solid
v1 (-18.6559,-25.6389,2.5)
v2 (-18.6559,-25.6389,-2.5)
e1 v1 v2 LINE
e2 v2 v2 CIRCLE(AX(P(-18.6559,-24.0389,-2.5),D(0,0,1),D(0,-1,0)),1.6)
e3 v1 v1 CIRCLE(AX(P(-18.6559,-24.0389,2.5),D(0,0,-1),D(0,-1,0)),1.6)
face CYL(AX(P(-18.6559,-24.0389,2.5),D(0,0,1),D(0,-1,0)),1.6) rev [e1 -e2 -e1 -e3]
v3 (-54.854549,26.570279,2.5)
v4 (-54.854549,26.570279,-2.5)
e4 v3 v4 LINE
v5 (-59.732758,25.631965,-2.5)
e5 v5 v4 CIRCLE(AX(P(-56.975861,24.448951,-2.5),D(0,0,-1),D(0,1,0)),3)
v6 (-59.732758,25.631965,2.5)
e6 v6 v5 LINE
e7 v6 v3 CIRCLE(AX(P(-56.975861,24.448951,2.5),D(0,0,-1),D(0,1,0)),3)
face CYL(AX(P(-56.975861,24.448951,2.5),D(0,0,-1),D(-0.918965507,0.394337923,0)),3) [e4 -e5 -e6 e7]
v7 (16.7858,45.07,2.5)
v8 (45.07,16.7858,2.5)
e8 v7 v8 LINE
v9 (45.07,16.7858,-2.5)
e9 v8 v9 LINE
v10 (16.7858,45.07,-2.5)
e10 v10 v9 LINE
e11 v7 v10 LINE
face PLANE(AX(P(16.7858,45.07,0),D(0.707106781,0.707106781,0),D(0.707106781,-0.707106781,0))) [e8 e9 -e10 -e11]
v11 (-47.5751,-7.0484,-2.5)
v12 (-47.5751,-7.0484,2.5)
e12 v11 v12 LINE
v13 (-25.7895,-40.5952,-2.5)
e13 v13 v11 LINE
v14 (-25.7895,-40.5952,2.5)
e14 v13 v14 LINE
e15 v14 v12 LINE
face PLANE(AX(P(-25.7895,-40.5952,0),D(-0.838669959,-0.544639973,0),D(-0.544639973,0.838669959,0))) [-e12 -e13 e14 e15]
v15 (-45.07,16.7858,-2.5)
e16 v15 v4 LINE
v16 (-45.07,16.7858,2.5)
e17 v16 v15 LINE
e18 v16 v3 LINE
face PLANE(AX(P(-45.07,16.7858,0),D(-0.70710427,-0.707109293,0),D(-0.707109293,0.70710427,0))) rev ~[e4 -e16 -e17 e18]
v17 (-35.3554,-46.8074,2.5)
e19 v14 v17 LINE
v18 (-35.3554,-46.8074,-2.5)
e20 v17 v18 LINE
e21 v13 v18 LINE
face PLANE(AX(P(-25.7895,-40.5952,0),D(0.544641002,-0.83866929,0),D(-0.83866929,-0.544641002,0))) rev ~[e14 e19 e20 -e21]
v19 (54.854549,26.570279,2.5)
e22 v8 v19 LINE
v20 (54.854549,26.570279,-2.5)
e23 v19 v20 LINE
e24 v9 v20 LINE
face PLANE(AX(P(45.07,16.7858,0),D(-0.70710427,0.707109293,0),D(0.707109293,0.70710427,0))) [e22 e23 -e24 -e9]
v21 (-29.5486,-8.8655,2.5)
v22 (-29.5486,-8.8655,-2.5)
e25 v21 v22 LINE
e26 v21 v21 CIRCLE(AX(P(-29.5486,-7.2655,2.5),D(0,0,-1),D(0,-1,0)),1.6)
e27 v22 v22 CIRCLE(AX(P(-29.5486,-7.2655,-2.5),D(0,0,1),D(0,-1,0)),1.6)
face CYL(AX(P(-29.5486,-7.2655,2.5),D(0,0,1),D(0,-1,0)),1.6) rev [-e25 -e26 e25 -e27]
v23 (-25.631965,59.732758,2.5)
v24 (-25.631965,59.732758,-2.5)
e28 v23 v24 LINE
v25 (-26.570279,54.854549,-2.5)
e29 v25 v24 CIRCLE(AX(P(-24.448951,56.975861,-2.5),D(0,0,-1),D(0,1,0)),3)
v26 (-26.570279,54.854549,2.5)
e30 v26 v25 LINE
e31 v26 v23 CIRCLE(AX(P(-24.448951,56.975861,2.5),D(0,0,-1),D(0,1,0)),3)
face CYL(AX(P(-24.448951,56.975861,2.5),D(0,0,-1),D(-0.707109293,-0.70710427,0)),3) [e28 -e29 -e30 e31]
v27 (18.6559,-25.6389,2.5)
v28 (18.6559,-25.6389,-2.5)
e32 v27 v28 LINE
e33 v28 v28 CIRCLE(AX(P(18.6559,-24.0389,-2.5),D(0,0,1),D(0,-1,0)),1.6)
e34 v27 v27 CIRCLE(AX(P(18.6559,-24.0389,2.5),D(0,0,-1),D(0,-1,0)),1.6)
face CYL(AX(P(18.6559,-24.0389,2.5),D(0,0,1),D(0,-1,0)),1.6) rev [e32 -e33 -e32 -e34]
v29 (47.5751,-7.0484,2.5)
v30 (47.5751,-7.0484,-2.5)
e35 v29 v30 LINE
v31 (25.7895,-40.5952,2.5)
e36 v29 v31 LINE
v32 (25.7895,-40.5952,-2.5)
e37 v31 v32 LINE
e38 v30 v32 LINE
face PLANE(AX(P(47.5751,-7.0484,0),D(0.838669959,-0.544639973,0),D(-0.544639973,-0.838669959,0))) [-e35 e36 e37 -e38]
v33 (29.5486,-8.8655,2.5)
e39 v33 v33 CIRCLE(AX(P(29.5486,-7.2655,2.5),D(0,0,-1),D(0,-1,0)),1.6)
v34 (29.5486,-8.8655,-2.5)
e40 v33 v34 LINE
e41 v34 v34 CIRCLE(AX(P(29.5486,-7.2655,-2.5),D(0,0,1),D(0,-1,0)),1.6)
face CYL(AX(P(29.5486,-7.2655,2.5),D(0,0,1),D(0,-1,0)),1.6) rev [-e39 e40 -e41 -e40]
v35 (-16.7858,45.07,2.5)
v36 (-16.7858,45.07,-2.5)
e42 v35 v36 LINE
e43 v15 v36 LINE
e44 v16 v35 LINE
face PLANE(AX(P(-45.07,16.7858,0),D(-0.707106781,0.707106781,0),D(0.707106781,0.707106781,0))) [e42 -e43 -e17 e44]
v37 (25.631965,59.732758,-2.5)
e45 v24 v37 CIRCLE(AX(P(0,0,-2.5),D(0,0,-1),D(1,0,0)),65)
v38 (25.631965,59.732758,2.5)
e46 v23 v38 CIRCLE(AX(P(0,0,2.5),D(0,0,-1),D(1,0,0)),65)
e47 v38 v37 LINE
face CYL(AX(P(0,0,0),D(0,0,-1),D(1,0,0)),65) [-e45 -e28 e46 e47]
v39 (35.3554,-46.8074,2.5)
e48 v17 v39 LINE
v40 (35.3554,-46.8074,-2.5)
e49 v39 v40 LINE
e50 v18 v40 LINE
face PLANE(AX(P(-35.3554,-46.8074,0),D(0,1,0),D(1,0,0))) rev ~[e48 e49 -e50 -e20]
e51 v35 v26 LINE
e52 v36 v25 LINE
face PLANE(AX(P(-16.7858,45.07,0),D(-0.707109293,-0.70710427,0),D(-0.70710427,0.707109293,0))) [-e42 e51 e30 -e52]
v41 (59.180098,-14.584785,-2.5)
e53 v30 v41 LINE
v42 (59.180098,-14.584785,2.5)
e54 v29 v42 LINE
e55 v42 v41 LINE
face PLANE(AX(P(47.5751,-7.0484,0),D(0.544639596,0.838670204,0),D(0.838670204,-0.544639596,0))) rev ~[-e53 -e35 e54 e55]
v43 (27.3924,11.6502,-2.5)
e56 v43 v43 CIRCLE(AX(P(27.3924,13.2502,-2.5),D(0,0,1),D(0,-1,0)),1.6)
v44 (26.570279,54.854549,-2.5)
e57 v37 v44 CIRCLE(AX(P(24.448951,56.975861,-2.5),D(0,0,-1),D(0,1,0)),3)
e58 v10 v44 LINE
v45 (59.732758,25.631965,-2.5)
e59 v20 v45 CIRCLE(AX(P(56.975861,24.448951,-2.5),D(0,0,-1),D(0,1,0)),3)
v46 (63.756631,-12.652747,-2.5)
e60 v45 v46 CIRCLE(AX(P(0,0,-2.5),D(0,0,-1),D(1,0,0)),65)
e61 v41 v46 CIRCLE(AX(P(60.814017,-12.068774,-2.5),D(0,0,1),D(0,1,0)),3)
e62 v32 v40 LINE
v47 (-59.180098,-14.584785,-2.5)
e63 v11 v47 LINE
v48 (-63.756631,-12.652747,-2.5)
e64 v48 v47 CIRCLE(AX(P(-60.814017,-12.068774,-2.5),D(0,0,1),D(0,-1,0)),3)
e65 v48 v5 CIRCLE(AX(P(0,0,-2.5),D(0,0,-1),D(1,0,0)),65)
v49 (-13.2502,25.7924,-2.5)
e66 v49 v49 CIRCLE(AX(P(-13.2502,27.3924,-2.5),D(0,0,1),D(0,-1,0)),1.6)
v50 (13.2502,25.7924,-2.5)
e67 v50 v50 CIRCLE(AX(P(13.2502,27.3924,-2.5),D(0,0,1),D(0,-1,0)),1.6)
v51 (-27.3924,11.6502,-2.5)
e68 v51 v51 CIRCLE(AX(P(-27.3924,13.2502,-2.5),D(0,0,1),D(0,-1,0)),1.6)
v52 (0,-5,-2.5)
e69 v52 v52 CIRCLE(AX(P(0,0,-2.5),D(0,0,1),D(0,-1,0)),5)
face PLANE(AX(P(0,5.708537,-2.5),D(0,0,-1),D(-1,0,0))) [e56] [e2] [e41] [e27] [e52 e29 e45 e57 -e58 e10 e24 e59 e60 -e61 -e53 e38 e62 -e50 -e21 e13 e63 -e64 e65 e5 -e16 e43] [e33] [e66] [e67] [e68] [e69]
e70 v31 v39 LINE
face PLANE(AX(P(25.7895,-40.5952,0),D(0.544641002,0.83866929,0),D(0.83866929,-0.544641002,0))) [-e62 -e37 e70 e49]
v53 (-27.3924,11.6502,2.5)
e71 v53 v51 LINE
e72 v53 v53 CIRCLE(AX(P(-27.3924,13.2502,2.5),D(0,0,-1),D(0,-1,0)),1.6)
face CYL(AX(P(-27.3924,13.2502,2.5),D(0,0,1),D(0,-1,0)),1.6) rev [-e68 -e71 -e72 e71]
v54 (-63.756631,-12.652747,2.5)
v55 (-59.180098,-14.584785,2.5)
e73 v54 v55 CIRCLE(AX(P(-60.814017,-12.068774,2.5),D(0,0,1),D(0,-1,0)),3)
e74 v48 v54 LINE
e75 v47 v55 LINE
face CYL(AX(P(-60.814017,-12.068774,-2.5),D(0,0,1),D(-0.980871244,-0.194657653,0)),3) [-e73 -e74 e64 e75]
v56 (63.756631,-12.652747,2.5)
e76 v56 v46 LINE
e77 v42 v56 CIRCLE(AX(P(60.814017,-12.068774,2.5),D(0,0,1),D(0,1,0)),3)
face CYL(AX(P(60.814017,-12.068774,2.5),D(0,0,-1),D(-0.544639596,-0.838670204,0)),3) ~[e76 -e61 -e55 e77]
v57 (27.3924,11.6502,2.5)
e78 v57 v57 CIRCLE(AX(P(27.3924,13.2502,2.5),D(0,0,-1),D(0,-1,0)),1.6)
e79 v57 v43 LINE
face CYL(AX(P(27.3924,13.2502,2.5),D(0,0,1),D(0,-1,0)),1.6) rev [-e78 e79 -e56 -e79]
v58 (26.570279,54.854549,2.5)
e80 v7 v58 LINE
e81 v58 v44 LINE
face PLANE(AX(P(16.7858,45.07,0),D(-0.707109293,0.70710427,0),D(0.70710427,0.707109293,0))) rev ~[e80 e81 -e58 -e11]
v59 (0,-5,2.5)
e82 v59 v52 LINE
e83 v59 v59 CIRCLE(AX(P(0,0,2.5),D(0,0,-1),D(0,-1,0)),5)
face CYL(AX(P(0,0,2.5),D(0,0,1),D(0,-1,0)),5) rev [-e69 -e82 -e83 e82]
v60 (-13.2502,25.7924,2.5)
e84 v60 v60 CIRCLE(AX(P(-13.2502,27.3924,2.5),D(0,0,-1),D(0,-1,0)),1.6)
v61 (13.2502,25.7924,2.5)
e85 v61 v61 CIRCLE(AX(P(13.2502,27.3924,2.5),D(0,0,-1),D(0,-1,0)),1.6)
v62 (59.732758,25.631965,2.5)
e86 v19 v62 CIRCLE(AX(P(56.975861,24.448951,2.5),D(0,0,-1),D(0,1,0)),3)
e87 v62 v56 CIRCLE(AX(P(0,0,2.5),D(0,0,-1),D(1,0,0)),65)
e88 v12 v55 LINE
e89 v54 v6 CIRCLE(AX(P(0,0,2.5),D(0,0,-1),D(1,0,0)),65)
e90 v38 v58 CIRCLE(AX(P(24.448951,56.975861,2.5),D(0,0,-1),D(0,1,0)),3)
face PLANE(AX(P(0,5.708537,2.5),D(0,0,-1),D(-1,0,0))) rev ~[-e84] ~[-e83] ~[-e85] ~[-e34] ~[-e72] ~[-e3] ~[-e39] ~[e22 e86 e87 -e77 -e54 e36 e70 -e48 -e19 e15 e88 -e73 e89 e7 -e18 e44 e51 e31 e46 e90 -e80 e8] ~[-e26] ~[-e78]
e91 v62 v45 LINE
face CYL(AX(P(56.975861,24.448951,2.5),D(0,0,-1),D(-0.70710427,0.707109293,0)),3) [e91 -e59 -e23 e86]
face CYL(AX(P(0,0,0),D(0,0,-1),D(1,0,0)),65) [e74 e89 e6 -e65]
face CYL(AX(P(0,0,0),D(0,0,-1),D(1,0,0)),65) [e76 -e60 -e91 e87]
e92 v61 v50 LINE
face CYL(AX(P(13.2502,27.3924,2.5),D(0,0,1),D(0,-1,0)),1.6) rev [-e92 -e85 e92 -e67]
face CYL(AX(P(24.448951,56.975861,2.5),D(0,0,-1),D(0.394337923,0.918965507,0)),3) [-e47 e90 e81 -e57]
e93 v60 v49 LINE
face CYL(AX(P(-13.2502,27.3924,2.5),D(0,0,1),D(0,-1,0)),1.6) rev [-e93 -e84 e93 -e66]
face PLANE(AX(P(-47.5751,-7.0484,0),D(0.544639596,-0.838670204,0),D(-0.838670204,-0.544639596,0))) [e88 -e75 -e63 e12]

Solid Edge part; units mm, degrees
sketch "Sketch1" plane through (0, 0, 0) normal (0, 0, 1) x (1, 0, 0)
  arc A0 (-62.7617, -16.9107) -> (-57.8743, 29.59) centre (0, 0) cw
  line L0 (-45.07, 16.7858) -> (-57.8743, 29.59)
  line L1 (-45.07, 16.7858) -> (-16.7858, 45.07)
  line L2 (-16.7858, 45.07) -> (-29.59, 57.8743)
  arc A1 (-29.59, 57.8743) -> (29.59, 57.8743) centre (0, 0) cw
  line L3 (16.7858, 45.07) -> (29.59, 57.8743)
  line L4 (16.7858, 45.07) -> (45.07, 16.7858)
  line L5 (45.07, 16.7858) -> (57.8743, 29.59)
  arc A2 (57.8743, 29.59) -> (62.7617, -16.9107) centre (0, 0) cw
  line L6 (47.5751, -7.0484) -> (62.7617, -16.9107)
  line L7 (47.5751, -7.0484) -> (25.7895, -40.5952)
  line L8 (25.7895, -40.5952) -> (35.3554, -46.8074)
  line L9 (-35.3554, -46.8074) -> (35.3554, -46.8074)
  line L10 (-25.7895, -40.5952) -> (-35.3554, -46.8074)
  line L11 (-25.7895, -40.5952) -> (-47.5751, -7.0484)
  line L12 (-47.5751, -7.0484) -> (-62.7617, -16.9107)
extrude "ProtrusiónExtruida_1" add sketch "Sketch1" along normal mid plane 5
fillet "Round1" [suppressed]
hole "Agujero_1" at (-13.2502, 27.3924, 2.5) direction (0, 0, -1) diameter 3.2 end up to next
hole "Hole1" at (-27.3924, 13.2502, 2.5) direction (0, 0, -1) diameter 3.2 end up to next
hole "Hole2" at (-29.5486, -7.2655, 2.5) direction (0, 0, -1) diameter 3.2 end up to next
hole "Hole3" at (-18.6559, -24.0389, 2.5) direction (0, 0, -1) diameter 3.2 end up to next
hole "Hole4" at (13.2502, 27.3924, 2.5) direction (0, 0, -1) diameter 3.2 end up to next
hole "Hole5" at (27.3924, 13.2502, 2.5) direction (0, 0, -1) diameter 3.2 end up to next
hole "Hole6" at (29.5486, -7.2655, 2.5) direction (0, 0, -1) diameter 3.2 end up to next
hole "Hole7" at (18.6559, -24.0389, 2.5) direction (0, 0, -1) diameter 3.2 end up to next
fillet "Redondeo_4" radius 3 6 edges at (-62.7617, -16.9107, 0) (29.59, 57.8743, 0) (62.7617, -16.9107, 0) (57.8743, 29.59, 0) (-57.8743, 29.59, 0) (-29.59, 57.8743, 0)
hole "Agujero_9" at (0, 0, 2.5) direction (0, 0, -1) diameter 10 end up to next
